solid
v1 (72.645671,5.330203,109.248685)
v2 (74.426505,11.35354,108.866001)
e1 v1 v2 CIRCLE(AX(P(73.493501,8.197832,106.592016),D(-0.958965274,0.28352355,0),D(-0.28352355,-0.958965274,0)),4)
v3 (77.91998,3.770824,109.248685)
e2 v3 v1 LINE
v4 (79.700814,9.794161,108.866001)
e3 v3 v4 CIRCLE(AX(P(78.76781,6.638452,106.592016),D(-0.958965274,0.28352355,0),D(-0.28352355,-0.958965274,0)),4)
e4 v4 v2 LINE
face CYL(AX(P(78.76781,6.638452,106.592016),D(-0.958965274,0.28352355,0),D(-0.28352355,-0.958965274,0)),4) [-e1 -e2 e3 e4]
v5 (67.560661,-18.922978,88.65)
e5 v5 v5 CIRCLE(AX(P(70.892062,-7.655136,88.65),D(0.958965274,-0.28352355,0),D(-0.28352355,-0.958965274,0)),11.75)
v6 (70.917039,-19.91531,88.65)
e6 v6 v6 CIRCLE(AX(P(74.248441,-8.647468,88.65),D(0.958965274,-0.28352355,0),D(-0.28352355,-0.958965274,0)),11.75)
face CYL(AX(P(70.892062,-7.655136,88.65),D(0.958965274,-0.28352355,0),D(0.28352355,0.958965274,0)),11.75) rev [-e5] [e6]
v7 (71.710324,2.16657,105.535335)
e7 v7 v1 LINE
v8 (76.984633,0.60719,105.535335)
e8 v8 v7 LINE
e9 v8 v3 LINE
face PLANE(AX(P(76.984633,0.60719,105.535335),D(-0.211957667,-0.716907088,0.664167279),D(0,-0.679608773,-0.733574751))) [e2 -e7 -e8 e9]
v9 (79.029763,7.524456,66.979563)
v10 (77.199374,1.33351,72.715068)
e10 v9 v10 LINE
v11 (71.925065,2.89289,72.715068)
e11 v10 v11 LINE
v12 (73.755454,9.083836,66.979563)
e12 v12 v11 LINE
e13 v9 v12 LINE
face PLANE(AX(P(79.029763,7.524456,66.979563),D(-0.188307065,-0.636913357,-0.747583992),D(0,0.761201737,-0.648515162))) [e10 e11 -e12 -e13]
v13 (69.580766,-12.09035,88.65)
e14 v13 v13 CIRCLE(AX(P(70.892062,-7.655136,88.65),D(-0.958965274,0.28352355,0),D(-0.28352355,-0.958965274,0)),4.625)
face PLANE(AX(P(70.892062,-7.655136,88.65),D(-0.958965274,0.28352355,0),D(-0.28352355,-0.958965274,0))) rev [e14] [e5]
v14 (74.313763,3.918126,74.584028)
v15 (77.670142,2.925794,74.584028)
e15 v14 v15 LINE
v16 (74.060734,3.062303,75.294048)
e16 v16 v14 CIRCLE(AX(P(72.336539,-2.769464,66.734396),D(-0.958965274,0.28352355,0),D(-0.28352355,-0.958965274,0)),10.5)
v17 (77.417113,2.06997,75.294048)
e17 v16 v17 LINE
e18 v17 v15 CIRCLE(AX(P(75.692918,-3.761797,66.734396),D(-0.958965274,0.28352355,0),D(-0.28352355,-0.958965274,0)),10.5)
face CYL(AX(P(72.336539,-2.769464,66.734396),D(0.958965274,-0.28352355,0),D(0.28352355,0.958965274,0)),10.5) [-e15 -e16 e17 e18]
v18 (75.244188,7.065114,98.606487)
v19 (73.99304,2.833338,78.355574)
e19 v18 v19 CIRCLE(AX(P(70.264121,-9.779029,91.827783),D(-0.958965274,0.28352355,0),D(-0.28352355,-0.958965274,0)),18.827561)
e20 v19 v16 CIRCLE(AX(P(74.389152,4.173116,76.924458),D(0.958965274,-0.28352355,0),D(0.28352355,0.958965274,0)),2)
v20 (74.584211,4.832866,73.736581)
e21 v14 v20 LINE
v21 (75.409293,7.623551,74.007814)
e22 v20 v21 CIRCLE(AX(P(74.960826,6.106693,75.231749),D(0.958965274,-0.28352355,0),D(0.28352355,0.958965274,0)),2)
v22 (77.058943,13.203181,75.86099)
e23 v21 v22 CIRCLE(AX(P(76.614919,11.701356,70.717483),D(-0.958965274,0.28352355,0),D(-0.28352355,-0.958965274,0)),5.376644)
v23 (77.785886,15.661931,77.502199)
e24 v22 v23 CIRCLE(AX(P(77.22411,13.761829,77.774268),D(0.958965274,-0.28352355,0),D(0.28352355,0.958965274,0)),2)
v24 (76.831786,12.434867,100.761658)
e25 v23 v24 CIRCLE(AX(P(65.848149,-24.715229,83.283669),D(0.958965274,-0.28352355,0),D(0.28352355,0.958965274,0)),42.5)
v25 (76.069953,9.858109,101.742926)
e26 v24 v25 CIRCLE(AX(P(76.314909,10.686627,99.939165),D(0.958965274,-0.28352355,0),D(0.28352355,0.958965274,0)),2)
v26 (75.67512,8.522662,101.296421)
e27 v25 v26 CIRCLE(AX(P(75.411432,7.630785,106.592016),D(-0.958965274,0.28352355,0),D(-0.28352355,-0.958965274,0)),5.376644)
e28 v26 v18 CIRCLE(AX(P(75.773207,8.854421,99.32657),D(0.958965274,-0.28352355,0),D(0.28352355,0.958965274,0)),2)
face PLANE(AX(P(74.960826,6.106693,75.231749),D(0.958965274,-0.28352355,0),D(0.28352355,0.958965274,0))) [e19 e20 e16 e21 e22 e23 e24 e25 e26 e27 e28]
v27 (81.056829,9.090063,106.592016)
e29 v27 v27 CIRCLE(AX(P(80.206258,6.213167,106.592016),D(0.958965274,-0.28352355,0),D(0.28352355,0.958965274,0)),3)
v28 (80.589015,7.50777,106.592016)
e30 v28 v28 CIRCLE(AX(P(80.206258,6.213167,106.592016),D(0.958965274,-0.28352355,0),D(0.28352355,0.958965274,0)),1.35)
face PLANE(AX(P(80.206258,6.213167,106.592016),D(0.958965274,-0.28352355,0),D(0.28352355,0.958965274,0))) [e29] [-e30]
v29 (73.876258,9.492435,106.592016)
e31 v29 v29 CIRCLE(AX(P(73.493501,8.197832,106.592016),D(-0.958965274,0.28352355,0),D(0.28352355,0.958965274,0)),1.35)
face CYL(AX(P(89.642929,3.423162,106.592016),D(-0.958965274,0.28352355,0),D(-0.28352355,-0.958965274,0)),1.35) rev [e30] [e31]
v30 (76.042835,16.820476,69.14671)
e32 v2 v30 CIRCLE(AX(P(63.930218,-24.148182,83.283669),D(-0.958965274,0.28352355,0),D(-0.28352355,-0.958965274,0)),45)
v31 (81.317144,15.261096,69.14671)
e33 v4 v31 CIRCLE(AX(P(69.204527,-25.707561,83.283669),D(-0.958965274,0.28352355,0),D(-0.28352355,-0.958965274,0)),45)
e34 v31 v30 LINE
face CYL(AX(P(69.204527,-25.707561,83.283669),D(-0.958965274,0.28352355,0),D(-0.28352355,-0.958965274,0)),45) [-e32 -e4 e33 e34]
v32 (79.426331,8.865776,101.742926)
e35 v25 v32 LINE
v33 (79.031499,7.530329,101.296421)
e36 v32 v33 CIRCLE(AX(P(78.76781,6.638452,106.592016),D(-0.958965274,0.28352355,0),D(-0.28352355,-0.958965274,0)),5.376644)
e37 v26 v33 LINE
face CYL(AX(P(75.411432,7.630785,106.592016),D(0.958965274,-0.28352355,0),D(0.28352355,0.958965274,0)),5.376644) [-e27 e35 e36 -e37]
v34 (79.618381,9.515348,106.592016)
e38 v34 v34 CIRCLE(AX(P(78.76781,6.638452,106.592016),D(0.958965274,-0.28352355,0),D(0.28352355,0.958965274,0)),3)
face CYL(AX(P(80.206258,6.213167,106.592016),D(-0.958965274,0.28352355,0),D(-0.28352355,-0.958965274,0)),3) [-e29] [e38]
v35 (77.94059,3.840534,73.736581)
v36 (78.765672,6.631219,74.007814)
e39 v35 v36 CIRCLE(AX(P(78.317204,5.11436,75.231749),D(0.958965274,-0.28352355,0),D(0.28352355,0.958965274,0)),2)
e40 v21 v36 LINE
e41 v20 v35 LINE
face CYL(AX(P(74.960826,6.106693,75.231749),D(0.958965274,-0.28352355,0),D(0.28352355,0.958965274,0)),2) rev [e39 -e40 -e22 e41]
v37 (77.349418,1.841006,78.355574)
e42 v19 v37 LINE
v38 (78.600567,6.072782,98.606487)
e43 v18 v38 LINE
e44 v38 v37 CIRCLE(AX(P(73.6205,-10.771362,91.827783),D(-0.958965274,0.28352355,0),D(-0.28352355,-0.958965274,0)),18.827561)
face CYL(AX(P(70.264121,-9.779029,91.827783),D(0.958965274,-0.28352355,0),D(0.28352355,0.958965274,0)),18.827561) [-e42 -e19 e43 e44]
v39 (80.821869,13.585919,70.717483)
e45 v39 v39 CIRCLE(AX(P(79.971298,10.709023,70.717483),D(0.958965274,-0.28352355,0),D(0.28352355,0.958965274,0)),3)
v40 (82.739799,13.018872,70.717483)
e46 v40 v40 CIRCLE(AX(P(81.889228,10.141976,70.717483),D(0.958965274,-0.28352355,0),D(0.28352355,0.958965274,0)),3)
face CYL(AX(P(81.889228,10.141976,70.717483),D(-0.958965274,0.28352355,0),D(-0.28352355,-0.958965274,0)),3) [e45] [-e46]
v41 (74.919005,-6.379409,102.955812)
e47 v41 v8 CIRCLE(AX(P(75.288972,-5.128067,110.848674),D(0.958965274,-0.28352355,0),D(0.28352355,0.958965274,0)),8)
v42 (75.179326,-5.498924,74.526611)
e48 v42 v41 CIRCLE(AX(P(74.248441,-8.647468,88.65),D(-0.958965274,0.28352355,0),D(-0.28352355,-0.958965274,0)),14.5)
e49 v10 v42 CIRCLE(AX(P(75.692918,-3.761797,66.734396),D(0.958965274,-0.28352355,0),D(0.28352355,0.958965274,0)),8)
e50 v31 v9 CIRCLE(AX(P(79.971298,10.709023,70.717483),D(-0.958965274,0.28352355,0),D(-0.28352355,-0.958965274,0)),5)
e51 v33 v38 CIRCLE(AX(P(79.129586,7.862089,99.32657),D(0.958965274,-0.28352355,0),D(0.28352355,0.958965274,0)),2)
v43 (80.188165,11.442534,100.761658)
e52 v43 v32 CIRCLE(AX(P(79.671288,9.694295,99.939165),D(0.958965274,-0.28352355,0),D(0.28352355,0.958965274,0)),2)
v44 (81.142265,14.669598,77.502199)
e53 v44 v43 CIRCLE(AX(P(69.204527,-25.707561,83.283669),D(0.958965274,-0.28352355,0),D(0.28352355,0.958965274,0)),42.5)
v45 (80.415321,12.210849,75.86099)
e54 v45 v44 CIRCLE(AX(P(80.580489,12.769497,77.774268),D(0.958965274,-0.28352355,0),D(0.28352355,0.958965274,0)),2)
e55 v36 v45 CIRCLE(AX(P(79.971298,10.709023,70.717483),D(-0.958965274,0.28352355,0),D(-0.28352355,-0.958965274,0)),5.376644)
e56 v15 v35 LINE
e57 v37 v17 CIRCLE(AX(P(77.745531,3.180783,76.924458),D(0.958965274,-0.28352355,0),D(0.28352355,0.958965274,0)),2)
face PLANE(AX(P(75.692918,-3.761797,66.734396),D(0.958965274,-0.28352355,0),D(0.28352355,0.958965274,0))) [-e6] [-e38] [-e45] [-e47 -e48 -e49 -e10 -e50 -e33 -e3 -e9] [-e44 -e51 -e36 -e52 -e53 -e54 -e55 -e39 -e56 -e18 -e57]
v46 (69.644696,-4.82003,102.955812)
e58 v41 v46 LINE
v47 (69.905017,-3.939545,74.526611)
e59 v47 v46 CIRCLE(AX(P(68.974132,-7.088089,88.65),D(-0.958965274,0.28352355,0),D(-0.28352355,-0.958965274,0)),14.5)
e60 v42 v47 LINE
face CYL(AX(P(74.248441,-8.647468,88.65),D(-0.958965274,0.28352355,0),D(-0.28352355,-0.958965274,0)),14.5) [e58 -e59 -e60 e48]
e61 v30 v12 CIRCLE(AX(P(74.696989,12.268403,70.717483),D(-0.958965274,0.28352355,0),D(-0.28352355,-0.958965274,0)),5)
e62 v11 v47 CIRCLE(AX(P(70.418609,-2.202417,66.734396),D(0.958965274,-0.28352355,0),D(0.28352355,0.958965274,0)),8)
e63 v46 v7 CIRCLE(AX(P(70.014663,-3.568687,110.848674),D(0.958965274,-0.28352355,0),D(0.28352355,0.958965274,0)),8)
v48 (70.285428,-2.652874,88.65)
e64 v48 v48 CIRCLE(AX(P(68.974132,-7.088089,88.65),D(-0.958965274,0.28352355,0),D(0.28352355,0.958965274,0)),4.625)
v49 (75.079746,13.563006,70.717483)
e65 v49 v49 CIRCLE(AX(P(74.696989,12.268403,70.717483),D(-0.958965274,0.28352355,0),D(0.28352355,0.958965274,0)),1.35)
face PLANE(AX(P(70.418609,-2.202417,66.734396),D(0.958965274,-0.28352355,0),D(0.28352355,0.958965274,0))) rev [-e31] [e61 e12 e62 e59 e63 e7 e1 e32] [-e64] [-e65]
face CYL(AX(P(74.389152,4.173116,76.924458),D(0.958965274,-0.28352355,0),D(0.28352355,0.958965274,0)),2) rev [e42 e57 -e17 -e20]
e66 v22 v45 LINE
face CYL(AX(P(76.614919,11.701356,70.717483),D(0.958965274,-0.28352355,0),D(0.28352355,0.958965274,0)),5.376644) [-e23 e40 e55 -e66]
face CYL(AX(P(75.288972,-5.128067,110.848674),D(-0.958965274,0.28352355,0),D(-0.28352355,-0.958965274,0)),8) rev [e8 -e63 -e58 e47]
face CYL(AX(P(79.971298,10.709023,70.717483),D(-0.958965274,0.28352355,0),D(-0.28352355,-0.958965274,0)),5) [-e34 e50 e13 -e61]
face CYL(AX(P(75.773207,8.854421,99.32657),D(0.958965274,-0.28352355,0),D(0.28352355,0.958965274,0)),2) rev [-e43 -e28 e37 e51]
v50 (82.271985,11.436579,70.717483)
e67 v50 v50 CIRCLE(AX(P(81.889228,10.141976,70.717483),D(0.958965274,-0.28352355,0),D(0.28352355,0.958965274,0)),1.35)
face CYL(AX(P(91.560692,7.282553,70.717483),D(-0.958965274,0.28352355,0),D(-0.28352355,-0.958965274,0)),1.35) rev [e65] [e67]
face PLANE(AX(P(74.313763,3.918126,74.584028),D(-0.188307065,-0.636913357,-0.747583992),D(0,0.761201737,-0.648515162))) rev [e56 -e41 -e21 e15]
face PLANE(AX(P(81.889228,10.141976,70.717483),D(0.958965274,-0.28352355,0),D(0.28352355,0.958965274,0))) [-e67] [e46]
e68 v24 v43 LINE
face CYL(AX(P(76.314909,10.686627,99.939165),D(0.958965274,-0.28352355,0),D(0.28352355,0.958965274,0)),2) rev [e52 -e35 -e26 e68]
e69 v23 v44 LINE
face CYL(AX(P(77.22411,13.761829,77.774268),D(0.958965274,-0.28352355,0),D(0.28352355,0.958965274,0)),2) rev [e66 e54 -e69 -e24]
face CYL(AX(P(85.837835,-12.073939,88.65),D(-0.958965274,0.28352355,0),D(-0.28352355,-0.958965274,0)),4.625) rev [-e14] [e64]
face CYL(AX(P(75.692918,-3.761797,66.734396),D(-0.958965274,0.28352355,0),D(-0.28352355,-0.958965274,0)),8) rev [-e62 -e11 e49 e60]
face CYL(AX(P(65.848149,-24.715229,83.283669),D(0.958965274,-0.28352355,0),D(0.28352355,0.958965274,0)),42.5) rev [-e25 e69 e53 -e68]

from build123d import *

# Parameters (mm, degrees)
BOSS_EXTRUDE1_DEPTH = 5.5
SKETCH2_R           = 3
BOSS_EXTRUDE2_DEPTH = 1.5
SKETCH3_R           = 1.35
CUT_EXTRUDE1_DEPTH  = 17.840471554
SKETCH4_R           = 3
BOSS_EXTRUDE3_DEPTH = 2
SKETCH5_R           = 1.35
CUT_EXTRUDE2_DEPTH  = 18.585311609
SKETCH6_R           = 11.75
CUT_EXTRUDE3_DEPTH  = 3.5
SKETCH7_R           = 4.625
CUT_EXTRUDE4_DEPTH  = 18.585311609
CUT_EXTRUDE5_DEPTH  = 3.5


with BuildPart() as part:
    # Sketch1 → Boss-Extrude1 (new body)
    with BuildSketch(Plane(origin=(65.356779706, -19.323104474, 0), x_dir=(-0.28352355, -0.958965274, 0), z_dir=(-0.958965274, 0.28352355, 0))):
        with BuildLine():
            Line((-22.409230804, 105.535335292), (-25.708238472, 109.248684924))
            ThreePointArc((-25.708238472, 109.248684924), (-28.941829317, 110.584612338), (-31.989317839, 108.866000829))
            ThreePointArc((-31.989317839, 108.866000829), (-39.5119826, 89.676955929), (-37.690186632, 69.146710224))
            ThreePointArc((-37.690186632, 69.146710224), (-34.240446028, 65.888665427), (-29.622491121, 66.979563497))
            Line((-29.622491121, 66.979563497), (-23.166630632, 72.715067926))
            ThreePointArc((-23.166630632, 72.715067926), (-19.824639339, 74.487704396), (-16.041831895, 74.526610749))
            ThreePointArc((-16.041831895, 74.526610749), (1.733883997, 88.181945854), (-15.123670288, 102.955811829))
            ThreePointArc((-15.123670288, 102.955811829), (-19.098619321, 103.307401938), (-22.409230804, 105.535335292))
        make_face()
    extrude(amount=-BOSS_EXTRUDE1_DEPTH)

    # Sketch2 → Boss-Extrude2 (add)
    with BuildSketch(Plane(origin=(70.631088713, -20.882483997, 0), x_dir=(0, 0, -1), z_dir=(0.958965274, -0.28352355, 0))):
        with Locations((-106.592015807, 28.69857444)):
            Circle(SKETCH2_R)
    extrude(amount=BOSS_EXTRUDE2_DEPTH)

    # Sketch3 → Cut-Extrude1 (cut, through all)
    with BuildSketch(Plane(origin=(65.356779706, -19.323104474, 0), x_dir=(0, 0, 1), z_dir=(-0.958965274, 0.28352355, 0))):
        with Locations((106.592015807, 28.69857444)):
            Circle(SKETCH3_R)
    extrude(amount=-CUT_EXTRUDE1_DEPTH, mode=Mode.SUBTRACT)

    # Sketch4 → Boss-Extrude3 (add)
    with BuildSketch(Plane(origin=(70.631088713, -20.882483997, 0), x_dir=(0, 0, -1), z_dir=(0.958965274, -0.28352355, 0))):
        with Locations((-70.717483457, 32.943327517)):
            Circle(SKETCH4_R)
    extrude(amount=BOSS_EXTRUDE3_DEPTH)

    # Sketch5 → Cut-Extrude2 (cut, through all)
    with BuildSketch(Plane(origin=(65.356779706, -19.323104474, 0), x_dir=(0, 0, 1), z_dir=(-0.958965274, 0.28352355, 0))):
        with Locations((70.717483457, 32.943327517)):
            Circle(SKETCH5_R)
    extrude(amount=-CUT_EXTRUDE2_DEPTH, mode=Mode.SUBTRACT)

    # Sketch6 → Cut-Extrude3 (cut)
    with BuildSketch(Plane(origin=(70.631088713, -20.882483997, 0), x_dir=(0, 0, -1), z_dir=(0.958965274, -0.28352355, 0))):
        with Locations((-88.65, 12.758559735)):
            Circle(SKETCH6_R)
    extrude(amount=-CUT_EXTRUDE3_DEPTH, mode=Mode.SUBTRACT)

    # Sketch7 → Cut-Extrude4 (cut, through all)
    with BuildSketch(Plane(origin=(65.356779706, -19.323104474, 0), x_dir=(0, 0, 1), z_dir=(-0.958965274, 0.28352355, 0))):
        with Locations((88.65, 12.758559735)):
            Circle(SKETCH7_R)
    extrude(amount=-CUT_EXTRUDE4_DEPTH, mode=Mode.SUBTRACT)

    # Sketch8 → Cut-Extrude5 (cut)
    with BuildSketch(Plane(origin=(70.631088713, -20.882483997, 0), x_dir=(0, 0, -1), z_dir=(0.958965274, -0.28352355, 0))):
        with BuildLine():
            Line((-74.584027906, 24.82704883), (-73.736581379, 25.780931199))
            ThreePointArc((-73.736581379, 25.780931199), (-73.240380162, 27.294869383), (-74.007814455, 28.691031651))
            ThreePointArc((-74.007814455, 28.691031651), (-75.840549655, 31.311613406), (-75.860990165, 34.509417221))
            ThreePointArc((-75.860990165, 34.509417221), (-76.089806816, 36.170205007), (-77.502198812, 37.073378292))
            ThreePointArc((-77.502198812, 37.073378292), (-89.36916003, 37.030513551), (-100.761658133, 33.708226249))
            ThreePointArc((-100.761658133, 33.708226249), (-101.817813371, 32.571238358), (-101.742925567, 31.021207013))
            ThreePointArc((-101.742925567, 31.021207013), (-101.4721051, 30.340162869), (-101.296421193, 29.628615248))
            ThreePointArc((-101.296421193, 29.628615248), (-100.31044829, 28.233312085), (-98.606486741, 28.10869859))
            ThreePointArc((-98.606486741, 28.10869859), (-87.819157421, 28.939652392), (-78.355573806, 23.695842402))
            ThreePointArc((-78.355573806, 23.695842402), (-76.768954569, 23.099003898), (-75.294048195, 23.934604274))
            ThreePointArc((-75.294048195, 23.934604274), (-74.951163338, 24.390473315), (-74.584027906, 24.82704883))
        make_face()
    extrude(amount=-CUT_EXTRUDE5_DEPTH, mode=Mode.SUBTRACT)


solid = part.part
